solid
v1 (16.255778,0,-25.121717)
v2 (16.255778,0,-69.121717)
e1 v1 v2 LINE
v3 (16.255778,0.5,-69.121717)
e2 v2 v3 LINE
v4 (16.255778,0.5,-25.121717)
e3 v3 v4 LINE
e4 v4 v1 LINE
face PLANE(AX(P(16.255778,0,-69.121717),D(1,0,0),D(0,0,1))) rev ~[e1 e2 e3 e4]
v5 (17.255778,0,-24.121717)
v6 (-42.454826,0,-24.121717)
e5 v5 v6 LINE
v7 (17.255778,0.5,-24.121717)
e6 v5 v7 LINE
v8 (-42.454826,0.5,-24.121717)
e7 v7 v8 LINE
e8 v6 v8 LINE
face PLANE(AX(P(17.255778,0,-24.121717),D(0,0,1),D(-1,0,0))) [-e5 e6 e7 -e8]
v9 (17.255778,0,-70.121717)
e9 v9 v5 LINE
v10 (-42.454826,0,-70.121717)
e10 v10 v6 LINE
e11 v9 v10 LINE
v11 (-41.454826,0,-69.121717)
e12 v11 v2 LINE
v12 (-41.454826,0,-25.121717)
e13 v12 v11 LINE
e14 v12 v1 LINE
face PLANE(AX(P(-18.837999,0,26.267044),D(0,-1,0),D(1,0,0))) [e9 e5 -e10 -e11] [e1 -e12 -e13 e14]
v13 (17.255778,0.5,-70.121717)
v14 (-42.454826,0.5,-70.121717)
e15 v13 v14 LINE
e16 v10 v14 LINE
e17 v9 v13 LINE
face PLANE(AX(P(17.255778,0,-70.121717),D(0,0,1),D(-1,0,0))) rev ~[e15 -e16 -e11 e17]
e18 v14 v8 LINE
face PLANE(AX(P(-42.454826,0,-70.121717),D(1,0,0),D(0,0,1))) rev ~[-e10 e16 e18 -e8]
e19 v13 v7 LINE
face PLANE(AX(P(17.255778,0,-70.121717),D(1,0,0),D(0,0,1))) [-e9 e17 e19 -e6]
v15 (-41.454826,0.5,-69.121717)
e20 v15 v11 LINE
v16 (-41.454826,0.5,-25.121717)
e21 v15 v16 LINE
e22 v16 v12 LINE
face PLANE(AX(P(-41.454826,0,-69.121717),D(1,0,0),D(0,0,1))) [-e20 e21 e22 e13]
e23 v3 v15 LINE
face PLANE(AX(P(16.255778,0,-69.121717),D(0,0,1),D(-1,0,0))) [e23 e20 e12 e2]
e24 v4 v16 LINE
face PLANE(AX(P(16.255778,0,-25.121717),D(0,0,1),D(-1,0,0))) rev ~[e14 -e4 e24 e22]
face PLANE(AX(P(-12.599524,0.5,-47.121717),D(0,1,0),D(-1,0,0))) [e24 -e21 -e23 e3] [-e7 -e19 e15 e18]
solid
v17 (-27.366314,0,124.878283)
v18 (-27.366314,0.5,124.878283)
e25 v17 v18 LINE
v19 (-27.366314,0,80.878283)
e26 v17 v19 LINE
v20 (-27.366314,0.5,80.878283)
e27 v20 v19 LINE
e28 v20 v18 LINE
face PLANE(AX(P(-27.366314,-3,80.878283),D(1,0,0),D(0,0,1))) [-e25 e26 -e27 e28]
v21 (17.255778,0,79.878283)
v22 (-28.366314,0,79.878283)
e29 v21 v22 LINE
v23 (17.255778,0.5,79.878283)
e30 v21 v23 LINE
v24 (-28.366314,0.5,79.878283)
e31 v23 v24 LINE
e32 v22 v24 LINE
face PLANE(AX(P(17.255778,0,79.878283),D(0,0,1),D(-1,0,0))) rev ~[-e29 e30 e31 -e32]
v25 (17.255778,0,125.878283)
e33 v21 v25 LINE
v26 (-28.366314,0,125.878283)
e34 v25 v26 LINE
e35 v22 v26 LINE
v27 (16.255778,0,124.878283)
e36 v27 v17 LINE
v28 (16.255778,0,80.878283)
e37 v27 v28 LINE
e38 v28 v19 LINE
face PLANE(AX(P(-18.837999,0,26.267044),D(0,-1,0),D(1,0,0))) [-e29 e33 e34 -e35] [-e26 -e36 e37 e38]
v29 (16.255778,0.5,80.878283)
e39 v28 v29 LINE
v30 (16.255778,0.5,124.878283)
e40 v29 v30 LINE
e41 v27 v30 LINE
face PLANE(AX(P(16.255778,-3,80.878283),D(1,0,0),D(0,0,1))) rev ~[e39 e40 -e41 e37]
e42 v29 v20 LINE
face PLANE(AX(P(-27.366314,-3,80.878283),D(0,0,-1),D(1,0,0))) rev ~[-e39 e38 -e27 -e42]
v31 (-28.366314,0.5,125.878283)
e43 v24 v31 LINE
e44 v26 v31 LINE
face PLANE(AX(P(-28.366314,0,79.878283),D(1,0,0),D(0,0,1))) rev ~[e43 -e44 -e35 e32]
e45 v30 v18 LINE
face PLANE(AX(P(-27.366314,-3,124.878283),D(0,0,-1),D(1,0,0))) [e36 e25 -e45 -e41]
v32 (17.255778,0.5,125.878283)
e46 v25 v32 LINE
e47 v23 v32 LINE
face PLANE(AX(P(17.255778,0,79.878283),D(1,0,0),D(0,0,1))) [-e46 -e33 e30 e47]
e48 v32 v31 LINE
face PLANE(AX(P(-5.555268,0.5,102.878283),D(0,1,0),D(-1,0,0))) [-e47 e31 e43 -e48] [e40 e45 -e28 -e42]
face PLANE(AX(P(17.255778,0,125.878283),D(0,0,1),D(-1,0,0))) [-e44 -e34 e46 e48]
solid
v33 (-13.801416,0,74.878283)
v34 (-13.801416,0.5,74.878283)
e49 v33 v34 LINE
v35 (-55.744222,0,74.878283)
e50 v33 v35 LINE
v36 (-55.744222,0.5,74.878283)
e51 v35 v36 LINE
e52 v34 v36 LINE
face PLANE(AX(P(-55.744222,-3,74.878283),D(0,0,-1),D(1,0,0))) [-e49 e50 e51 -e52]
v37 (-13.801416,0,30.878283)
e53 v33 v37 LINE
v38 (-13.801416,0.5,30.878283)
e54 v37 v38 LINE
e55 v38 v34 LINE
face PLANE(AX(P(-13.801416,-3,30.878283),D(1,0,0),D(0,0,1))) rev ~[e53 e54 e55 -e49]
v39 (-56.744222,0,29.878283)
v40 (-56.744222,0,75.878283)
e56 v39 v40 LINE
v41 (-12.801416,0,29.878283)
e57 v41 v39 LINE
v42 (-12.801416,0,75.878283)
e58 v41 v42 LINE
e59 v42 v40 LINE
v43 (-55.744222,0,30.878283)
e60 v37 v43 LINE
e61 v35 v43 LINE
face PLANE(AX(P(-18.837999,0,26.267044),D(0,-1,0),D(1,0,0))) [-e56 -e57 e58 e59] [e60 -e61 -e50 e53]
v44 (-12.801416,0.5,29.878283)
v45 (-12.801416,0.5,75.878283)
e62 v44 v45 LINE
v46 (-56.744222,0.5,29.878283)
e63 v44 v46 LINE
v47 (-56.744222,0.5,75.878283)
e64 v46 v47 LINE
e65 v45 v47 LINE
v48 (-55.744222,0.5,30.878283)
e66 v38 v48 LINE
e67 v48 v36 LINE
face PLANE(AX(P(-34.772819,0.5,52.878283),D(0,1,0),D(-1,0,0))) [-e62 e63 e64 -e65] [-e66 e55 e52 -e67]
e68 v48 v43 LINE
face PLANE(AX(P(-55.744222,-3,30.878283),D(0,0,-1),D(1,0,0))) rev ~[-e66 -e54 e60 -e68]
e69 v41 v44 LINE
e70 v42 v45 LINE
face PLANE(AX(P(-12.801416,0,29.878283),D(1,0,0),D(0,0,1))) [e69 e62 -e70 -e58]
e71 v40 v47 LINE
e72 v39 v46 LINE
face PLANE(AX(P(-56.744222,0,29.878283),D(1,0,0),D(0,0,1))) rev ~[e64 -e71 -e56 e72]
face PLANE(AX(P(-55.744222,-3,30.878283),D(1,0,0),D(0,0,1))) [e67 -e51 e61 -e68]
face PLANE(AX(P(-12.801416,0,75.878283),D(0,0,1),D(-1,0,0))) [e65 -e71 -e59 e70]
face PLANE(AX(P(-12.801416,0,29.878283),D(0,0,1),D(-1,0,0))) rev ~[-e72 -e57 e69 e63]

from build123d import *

# Parameters (mm, degrees)
F0_W     = 80
F0_H     = 202
F1_DEPTH = 3
F2_W     = 41.942806
F2_H     = 44
F2_W_2   = 43.622092
F3_DEPTH = 25
F5_W     = 59.710604
F5_H     = 46
F5_W_2   = 57.710604
F5_H_2   = 44
F5_W_3   = 43.942806
F5_W_4   = 41.942806
F5_W_5   = 45.622092
F5_W_6   = 43.622092
F6_DEPTH = 0.5
F7_W     = 109.326043
F7_H     = 224.900469
F8_DEPTH = 3


with BuildPart() as f1:
    # F0 (on Front) → F1 (new body)
    with BuildSketch(Plane.XZ):
        with Locations((-19.744222, 27.878283)):
            Rectangle(F0_W, F0_H)
    extrude(amount=F1_DEPTH)

    # F2 (on face) → F3 (cut)
    with BuildSketch(Plane.XZ.offset(3)):
        with Locations((-34.772819, 52.878283)):
            Rectangle(F2_W, F2_H)
        with Locations((-5.555268, 102.878283)):
            Rectangle(F2_W_2, F2_H)
        Polygon((16.255778, -25.121717), (-41.454826, -25.121717), (-41.454826, -42.175964), (-41.454826, -69.121717), (16.255778, -69.121717), align=None)
    extrude(amount=-F3_DEPTH, mode=Mode.SUBTRACT)

    # F5 (on face) → F6 (join)
    with BuildSketch(Plane(origin=(0, 0, 0), x_dir=(-1, 0, 0), z_dir=(0, 1, 0))):
        with Locations((12.599524, -47.121717)):
            Rectangle(F5_W, F5_H)
        with Locations((12.599524, -47.121717)):
            Rectangle(F5_W_2, F5_H_2, mode=Mode.SUBTRACT)
        with Locations((34.772819, 52.878283)):
            Rectangle(F5_W_3, F5_H)
        with Locations((34.772819, 52.878283)):
            Rectangle(F5_W_4, F5_H_2, mode=Mode.SUBTRACT)
        with Locations((5.555268, 102.878283)):
            Rectangle(F5_W_5, F5_H)
        with Locations((5.555268, 102.878283)):
            Rectangle(F5_W_6, F5_H_2, mode=Mode.SUBTRACT)
    extrude(amount=F6_DEPTH)

    # F7 (on face) → F8 (cut)
    with BuildSketch(Plane.XZ.offset(3)):
        with Locations((-18.837999, 26.267044)):
            Rectangle(F7_W, F7_H)
    extrude(amount=-F8_DEPTH, mode=Mode.SUBTRACT)


solid = f1.part
